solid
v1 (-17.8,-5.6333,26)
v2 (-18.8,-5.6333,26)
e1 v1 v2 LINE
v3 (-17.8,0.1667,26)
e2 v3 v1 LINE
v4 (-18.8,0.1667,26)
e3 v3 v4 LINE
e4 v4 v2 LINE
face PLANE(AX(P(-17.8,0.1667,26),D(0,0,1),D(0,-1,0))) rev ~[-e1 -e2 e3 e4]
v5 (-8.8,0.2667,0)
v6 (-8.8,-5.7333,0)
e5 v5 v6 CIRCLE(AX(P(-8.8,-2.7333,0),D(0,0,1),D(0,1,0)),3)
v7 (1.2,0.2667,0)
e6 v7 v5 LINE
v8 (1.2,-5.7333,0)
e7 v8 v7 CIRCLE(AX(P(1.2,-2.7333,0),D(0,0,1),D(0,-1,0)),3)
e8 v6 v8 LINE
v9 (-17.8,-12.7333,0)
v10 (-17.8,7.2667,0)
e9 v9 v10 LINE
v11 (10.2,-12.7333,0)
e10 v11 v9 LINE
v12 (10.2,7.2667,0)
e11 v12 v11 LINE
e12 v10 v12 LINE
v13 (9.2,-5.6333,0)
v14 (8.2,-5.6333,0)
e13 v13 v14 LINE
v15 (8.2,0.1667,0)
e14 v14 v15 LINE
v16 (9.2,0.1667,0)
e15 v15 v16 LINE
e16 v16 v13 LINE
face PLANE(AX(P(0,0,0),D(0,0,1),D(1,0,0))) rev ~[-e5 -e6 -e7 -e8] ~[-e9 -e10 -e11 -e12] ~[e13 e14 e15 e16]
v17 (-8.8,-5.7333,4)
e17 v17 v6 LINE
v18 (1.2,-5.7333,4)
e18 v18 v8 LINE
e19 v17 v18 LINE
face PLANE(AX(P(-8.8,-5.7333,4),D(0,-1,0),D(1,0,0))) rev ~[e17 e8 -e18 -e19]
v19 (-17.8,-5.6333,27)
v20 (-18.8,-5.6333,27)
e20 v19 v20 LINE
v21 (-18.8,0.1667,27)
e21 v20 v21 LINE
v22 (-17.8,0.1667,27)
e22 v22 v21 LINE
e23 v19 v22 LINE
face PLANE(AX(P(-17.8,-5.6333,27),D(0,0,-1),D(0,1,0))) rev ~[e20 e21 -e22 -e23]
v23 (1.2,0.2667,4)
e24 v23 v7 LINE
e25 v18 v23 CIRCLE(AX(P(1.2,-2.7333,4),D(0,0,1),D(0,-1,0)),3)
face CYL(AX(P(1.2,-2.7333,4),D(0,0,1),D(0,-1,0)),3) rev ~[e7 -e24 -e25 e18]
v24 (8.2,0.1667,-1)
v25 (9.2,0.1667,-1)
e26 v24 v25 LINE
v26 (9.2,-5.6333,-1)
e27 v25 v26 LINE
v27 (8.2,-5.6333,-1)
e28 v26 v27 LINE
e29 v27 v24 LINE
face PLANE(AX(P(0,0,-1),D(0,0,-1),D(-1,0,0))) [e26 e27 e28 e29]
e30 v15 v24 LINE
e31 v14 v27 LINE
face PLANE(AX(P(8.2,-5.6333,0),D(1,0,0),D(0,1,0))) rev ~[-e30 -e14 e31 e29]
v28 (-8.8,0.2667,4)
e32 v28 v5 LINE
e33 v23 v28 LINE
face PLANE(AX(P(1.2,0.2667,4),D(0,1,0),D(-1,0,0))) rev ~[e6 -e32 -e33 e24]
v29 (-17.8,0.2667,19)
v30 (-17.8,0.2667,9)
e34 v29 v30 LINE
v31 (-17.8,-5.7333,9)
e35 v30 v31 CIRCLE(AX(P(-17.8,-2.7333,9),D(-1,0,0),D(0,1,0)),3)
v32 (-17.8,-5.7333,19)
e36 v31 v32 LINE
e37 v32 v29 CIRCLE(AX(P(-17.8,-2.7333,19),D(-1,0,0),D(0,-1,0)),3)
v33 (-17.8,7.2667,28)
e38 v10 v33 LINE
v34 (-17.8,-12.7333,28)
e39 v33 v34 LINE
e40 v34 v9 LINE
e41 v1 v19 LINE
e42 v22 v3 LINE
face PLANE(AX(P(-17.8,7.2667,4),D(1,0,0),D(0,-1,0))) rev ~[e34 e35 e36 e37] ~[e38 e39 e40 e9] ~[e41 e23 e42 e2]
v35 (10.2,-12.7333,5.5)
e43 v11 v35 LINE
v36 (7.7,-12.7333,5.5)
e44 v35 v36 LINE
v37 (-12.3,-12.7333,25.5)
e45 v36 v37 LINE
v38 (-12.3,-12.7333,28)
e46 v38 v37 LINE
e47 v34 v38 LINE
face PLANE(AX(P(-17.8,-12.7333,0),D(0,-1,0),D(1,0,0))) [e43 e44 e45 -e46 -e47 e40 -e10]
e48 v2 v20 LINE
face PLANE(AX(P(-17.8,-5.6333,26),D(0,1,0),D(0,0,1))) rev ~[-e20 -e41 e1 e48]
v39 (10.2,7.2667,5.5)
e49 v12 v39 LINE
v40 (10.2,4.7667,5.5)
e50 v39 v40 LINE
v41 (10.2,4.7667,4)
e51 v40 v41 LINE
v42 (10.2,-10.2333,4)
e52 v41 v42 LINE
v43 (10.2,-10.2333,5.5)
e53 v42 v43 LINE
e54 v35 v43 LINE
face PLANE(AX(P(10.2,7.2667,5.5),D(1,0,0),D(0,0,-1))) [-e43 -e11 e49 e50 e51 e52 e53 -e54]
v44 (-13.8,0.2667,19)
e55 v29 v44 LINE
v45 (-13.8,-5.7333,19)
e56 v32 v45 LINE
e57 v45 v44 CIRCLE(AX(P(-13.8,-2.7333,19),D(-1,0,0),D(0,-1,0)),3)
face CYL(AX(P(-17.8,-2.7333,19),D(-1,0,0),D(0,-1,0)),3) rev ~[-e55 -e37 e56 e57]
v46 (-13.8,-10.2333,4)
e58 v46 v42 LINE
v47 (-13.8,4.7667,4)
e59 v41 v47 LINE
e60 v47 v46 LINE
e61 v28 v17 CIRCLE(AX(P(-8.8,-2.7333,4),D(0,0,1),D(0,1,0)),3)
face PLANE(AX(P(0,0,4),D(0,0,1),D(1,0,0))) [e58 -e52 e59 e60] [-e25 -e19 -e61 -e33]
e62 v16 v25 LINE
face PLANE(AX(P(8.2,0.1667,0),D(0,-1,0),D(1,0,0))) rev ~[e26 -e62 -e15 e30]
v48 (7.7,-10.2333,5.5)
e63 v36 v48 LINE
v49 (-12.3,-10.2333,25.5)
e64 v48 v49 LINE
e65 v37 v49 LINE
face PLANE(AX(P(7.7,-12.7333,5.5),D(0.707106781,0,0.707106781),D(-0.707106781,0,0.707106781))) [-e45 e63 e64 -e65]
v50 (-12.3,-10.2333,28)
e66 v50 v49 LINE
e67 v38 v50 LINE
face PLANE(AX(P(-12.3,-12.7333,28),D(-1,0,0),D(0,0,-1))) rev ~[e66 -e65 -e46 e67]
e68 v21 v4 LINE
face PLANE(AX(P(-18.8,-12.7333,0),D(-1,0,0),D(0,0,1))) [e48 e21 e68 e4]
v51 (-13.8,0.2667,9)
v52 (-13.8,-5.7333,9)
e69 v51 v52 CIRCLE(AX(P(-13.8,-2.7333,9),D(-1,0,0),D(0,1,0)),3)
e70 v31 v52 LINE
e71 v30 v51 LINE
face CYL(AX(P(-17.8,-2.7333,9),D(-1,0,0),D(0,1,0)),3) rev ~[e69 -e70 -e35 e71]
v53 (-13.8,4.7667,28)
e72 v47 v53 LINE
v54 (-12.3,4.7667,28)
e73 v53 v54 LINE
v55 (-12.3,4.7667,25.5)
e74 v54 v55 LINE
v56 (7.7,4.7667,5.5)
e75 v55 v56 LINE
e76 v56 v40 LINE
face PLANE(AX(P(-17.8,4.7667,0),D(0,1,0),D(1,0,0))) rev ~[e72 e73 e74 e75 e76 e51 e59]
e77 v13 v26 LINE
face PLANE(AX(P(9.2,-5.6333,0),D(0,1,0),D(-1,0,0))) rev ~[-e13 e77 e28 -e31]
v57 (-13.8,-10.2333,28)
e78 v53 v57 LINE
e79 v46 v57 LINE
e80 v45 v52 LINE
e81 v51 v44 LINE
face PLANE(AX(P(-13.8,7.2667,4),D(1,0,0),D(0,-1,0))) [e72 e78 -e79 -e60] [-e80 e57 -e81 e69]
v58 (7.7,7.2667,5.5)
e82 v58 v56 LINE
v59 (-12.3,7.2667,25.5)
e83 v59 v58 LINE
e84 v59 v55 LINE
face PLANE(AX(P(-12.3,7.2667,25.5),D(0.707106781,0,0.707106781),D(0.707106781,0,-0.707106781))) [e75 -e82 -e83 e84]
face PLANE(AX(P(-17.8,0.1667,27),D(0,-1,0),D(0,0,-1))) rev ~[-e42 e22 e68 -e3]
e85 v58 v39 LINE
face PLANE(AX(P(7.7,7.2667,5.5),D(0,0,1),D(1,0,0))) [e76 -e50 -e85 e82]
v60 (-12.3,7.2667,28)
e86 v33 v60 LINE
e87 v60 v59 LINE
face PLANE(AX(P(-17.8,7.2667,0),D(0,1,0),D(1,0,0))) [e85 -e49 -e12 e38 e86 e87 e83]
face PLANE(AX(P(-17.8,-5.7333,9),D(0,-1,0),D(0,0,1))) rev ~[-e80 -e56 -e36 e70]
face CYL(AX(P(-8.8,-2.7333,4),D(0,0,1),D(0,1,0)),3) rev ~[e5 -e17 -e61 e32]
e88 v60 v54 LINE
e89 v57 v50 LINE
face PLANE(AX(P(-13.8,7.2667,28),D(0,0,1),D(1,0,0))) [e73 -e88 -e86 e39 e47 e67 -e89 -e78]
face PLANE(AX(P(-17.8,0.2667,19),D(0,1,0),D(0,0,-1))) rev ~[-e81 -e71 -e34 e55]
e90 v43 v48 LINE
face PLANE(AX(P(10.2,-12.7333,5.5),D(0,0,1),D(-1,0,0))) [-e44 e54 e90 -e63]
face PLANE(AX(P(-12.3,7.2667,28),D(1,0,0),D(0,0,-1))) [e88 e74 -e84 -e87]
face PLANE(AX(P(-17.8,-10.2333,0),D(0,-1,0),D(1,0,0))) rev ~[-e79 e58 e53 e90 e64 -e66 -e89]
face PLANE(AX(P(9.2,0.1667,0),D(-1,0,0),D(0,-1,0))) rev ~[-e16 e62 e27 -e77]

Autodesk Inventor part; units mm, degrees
ref_plane "YZ Plane" through (0, 0, 0) normal (1, 0, 0) x (0, 1, 0)
ref_plane "XZ Plane" through (0, 0, 0) normal (0, 1, 0) x (-1, 0, 0)
ref_plane "XY Plane" through (0, 0, 0) normal (0, 0, 1) x (1, 0, 0)
sketch "Sketch1" plane through (0, 0, 0) normal (0, 0, 1) x (1, 0, 0)
  line L0 (-17.8, 7.2667) -> (10.2, 7.2667)
  line L1 (10.2, 7.2667) -> (10.2, -12.7333)
  line L2 (10.2, -12.7333) -> (-17.8, -12.7333)
  line L3 (-17.8, -12.7333) -> (-17.8, 7.2667)
  point P0 (0, 0)
  dimension "d0" = 20
  dimension "d1" = 28
extrude "Extrusion1" add sketch "Sketch1" along normal blind 4
sketch "Sketch2" plane through (0, 0, 4) normal (0, 0, 1) x (1, 0, 0)
  line L0 (10.2, 7.2667) -> (-17.8, 7.2667) projected
  line L1 (-17.8, 7.2667) -> (-17.8, -12.7333) projected
  line L2 (-17.8, -12.7333) -> (10.2, -12.7333) projected
  line L3 (10.2, -12.7333) -> (10.2, 7.2667) projected
  line L4 (-17.8, 7.2667) -> (-17.8, -12.7333) projected
  line L5 (-17.8, -2.7333) -> (10.2, -2.7333) construction
  line L6 (10.2, -12.7333) -> (10.2, 7.2667) projected
  line L7 (-8.8, -2.7333) -> (1.2, -2.7333) construction
  line L8 (-8.8, -5.7333) -> (1.2, -5.7333)
  line L9 (1.2, 0.2667) -> (-8.8, 0.2667)
  arc A0 (-8.8, 0.2667) -> (-8.8, -5.7333) centre (-8.8, -2.7333) ccw
  arc A1 (1.2, -5.7333) -> (1.2, 0.2667) centre (1.2, -2.7333) ccw
  point P0 (0, 0)
  point P1 (-3.8, -2.7333)
  dimension "d4" = 10
  dimension "d5" = 6
  dimension "d6" = 9
extrude "Extrusion2" cut sketch "Sketch2" against normal blind 30 contours A0 L9 A1 L8
sketch "Sketch3" plane through (0, 0, 4) normal (0, 0, 1) x (1, 0, 0)
  arc A0 (1.2, -5.7333) -> (1.2, 0.2667) centre (1.2, -2.7333) ccw projected
  line L0 (1.2, -5.7333) -> (-8.8, -5.7333) projected
  arc A1 (-8.8, 0.2667) -> (-8.8, -5.7333) centre (-8.8, -2.7333) ccw projected
  line L1 (-8.8, 0.2667) -> (1.2, 0.2667) projected
  line L2 (10.2, 7.2667) -> (-17.8, 7.2667) projected
  line L3 (-17.8, 7.2667) -> (-17.8, -12.7333) projected
  line L4 (-17.8, -12.7333) -> (10.2, -12.7333) projected
  line L5 (10.2, -12.7333) -> (10.2, 7.2667) projected
  line L6 (-17.8, -12.7333) -> (-17.8, 7.2667) projected
  line L7 (-17.8, 7.2667) -> (-13.8, 7.2667)
  line L8 (-13.8, 7.2667) -> (-13.8, -12.7333)
  line L9 (-13.8, -12.7333) -> (-17.8, -12.7333)
  line L10 (-17.8, -12.7333) -> (-17.8, 7.2667)
  point P0 (0, 0)
  dimension "d9" = 4
extrude "Extrusion3" add sketch "Sketch3" along normal blind 24 contours L8 L4 L3 L2
sketch "Sketch4" plane through (-17.8, -12.7333, 0) normal (-1, 0, 0) x (0, 0, 1)
  line L0 (0, 0) -> (0, 20) projected
  line L1 (0, 0) -> (28, 0) projected
  line L2 (28, 20) -> (28, 0) projected
  line L3 (0, 20) -> (28, 20) projected
  line L4 (0, 0) -> (0, 20) projected
  line L5 (0, 10) -> (28, 10) construction
  line L6 (28, 0) -> (28, 20) projected
  line L7 (9, 10) -> (19, 10) construction
  line L8 (9, 7) -> (19, 7)
  line L9 (19, 13) -> (9, 13)
  arc A0 (9, 13) -> (9, 7) centre (9, 10) ccw
  arc A1 (19, 7) -> (19, 13) centre (19, 10) ccw
  point P0 (0, 12.7333)
  point P1 (14, 10)
  dimension "d12" = 10
  dimension "d13" = 6
  dimension "d14" = 9
extrude "Extrusion4" cut sketch "Sketch4" against normal blind 24 contours A0 L9 A1 L8
sketch "Sketch5" plane through (-17.8, -12.7333, 0) normal (-1, 0, 0) x (0, 0, 1)
  arc A0 (19, 7) -> (19, 13) centre (19, 10) ccw projected
  line L0 (19, 7) -> (9, 7) projected
  arc A1 (9, 13) -> (9, 7) centre (9, 10) ccw projected
  line L1 (9, 13) -> (19, 13) projected
  line L2 (0, 0) -> (0, 20) projected
  line L3 (0, 0) -> (28, 0) projected
  line L4 (28, 20) -> (28, 0) projected
  line L5 (0, 20) -> (28, 20) projected
  line L6 (27, 12.9) -> (26, 12.9)
  line L7 (26, 12.9) -> (26, 7.1)
  line L8 (26, 7.1) -> (27, 7.1)
  line L9 (27, 7.1) -> (27, 12.9)
  line L10 (28, 0) -> (28, 20) projected
  line L11 (28, 10) -> (34.771, 10) construction
  point P0 (0, 12.7333)
  dimension "d17" = 1
  dimension "d18" = 5.8
  dimension "d19" = 1
extrude "Extrusion5" add sketch "Sketch5" along normal blind 1 contours L9 L8 L7 L6
sketch "Sketch6" plane through (0, 0, 0) normal (0, 0, -1) x (-1, 0, 0)
  arc A0 (-1.2, 0.2667) -> (-1.2, -5.7333) centre (-1.2, -2.7333) ccw projected
  line L0 (-1.2, 0.2667) -> (8.8, 0.2667) projected
  arc A1 (8.8, -5.7333) -> (8.8, 0.2667) centre (8.8, -2.7333) ccw projected
  line L1 (8.8, -5.7333) -> (-1.2, -5.7333) projected
  line L2 (17.8, 7.2667) -> (-10.2, 7.2667) projected
  line L3 (-10.2, 7.2667) -> (-10.2, -12.7333) projected
  line L4 (-10.2, -12.7333) -> (17.8, -12.7333) projected
  line L5 (17.8, -12.7333) -> (17.8, 7.2667) projected
  line L6 (-9.2, -5.6333) -> (-8.2, -5.6333)
  line L7 (-8.2, -5.6333) -> (-8.2, 0.1667)
  line L8 (-8.2, 0.1667) -> (-9.2, 0.1667)
  line L9 (-9.2, 0.1667) -> (-9.2, -5.6333)
  line L10 (-10.2, -2.7333) -> (-3.3022, -2.7333) construction
  point P0 (0, 0)
  dimension "d22" = 1
  dimension "d23" = 5.8
  dimension "d24" = 1
extrude "Extrusion6" add sketch "Sketch6" along normal blind 1 contours L9 L8 L7 L6
sketch "Sketch7" plane through (-17.8, -12.7333, 0) normal (0, -1, 0) x (1, 0, 0)
  line L0 (28, 0) -> (0, 0) projected
  line L1 (28, 0) -> (28, 4) projected
  line L2 (4, 4) -> (28, 4) projected
  line L3 (4, 4) -> (4, 28) projected
  line L4 (0, 28) -> (4, 28) projected
  line L5 (0, 0) -> (0, 28) projected
  line L6 (4, 28) -> (5.5, 28)
  line L7 (5.5, 28) -> (5.5, 25.5)
  line L8 (28, 4) -> (28, 5.5)
  line L9 (28, 5.5) -> (25.5, 5.5)
  line L10 (25.5, 5.5) -> (5.5, 25.5)
  point P0 (17.8, 0)
  dimension "d27" = 1.5
  dimension "d28" = 2.5
  dimension "d29" = 1.5
  dimension "d30" = 2.5
extrude "Extrusion7" add sketch "Sketch7" against normal blind 2.5 contours L2 L3 L6 L7 L10 L9 L8
sketch "Sketch8" plane through (-17.8, 7.2667, 0) normal (0, 1, 0) x (1, 0, 0)
  line L0 (0, 0) -> (28, 0) projected
  line L1 (0, 0) -> (0, -28) projected
  line L2 (4, -28) -> (0, -28) projected
  line L3 (4, -4) -> (4, -28) projected
  line L4 (28, -4) -> (4, -4) projected
  line L5 (28, 0) -> (28, -4) projected
  line L6 (4, -4) -> (4, -28) projected
  line L7 (28, -5.5) -> (28, -4) projected
  line L8 (4, -4) -> (28, -4) projected
  line L9 (4, -28) -> (4, -4) projected
  line L10 (4, -28) -> (5.5, -28) projected
  line L11 (5.5, -28) -> (5.5, -25.5) projected
  line L12 (5.5, -25.5) -> (25.5, -5.5) projected
  line L13 (25.5, -5.5) -> (28, -5.5) projected
  point P0 (17.8, 0)
extrude "Extrusion8" add sketch "Sketch8" against normal blind 2.5 contours L7 L13 L12 L11 L10 L3 L4
properties part number "KeGoc2020_SuaLai"
